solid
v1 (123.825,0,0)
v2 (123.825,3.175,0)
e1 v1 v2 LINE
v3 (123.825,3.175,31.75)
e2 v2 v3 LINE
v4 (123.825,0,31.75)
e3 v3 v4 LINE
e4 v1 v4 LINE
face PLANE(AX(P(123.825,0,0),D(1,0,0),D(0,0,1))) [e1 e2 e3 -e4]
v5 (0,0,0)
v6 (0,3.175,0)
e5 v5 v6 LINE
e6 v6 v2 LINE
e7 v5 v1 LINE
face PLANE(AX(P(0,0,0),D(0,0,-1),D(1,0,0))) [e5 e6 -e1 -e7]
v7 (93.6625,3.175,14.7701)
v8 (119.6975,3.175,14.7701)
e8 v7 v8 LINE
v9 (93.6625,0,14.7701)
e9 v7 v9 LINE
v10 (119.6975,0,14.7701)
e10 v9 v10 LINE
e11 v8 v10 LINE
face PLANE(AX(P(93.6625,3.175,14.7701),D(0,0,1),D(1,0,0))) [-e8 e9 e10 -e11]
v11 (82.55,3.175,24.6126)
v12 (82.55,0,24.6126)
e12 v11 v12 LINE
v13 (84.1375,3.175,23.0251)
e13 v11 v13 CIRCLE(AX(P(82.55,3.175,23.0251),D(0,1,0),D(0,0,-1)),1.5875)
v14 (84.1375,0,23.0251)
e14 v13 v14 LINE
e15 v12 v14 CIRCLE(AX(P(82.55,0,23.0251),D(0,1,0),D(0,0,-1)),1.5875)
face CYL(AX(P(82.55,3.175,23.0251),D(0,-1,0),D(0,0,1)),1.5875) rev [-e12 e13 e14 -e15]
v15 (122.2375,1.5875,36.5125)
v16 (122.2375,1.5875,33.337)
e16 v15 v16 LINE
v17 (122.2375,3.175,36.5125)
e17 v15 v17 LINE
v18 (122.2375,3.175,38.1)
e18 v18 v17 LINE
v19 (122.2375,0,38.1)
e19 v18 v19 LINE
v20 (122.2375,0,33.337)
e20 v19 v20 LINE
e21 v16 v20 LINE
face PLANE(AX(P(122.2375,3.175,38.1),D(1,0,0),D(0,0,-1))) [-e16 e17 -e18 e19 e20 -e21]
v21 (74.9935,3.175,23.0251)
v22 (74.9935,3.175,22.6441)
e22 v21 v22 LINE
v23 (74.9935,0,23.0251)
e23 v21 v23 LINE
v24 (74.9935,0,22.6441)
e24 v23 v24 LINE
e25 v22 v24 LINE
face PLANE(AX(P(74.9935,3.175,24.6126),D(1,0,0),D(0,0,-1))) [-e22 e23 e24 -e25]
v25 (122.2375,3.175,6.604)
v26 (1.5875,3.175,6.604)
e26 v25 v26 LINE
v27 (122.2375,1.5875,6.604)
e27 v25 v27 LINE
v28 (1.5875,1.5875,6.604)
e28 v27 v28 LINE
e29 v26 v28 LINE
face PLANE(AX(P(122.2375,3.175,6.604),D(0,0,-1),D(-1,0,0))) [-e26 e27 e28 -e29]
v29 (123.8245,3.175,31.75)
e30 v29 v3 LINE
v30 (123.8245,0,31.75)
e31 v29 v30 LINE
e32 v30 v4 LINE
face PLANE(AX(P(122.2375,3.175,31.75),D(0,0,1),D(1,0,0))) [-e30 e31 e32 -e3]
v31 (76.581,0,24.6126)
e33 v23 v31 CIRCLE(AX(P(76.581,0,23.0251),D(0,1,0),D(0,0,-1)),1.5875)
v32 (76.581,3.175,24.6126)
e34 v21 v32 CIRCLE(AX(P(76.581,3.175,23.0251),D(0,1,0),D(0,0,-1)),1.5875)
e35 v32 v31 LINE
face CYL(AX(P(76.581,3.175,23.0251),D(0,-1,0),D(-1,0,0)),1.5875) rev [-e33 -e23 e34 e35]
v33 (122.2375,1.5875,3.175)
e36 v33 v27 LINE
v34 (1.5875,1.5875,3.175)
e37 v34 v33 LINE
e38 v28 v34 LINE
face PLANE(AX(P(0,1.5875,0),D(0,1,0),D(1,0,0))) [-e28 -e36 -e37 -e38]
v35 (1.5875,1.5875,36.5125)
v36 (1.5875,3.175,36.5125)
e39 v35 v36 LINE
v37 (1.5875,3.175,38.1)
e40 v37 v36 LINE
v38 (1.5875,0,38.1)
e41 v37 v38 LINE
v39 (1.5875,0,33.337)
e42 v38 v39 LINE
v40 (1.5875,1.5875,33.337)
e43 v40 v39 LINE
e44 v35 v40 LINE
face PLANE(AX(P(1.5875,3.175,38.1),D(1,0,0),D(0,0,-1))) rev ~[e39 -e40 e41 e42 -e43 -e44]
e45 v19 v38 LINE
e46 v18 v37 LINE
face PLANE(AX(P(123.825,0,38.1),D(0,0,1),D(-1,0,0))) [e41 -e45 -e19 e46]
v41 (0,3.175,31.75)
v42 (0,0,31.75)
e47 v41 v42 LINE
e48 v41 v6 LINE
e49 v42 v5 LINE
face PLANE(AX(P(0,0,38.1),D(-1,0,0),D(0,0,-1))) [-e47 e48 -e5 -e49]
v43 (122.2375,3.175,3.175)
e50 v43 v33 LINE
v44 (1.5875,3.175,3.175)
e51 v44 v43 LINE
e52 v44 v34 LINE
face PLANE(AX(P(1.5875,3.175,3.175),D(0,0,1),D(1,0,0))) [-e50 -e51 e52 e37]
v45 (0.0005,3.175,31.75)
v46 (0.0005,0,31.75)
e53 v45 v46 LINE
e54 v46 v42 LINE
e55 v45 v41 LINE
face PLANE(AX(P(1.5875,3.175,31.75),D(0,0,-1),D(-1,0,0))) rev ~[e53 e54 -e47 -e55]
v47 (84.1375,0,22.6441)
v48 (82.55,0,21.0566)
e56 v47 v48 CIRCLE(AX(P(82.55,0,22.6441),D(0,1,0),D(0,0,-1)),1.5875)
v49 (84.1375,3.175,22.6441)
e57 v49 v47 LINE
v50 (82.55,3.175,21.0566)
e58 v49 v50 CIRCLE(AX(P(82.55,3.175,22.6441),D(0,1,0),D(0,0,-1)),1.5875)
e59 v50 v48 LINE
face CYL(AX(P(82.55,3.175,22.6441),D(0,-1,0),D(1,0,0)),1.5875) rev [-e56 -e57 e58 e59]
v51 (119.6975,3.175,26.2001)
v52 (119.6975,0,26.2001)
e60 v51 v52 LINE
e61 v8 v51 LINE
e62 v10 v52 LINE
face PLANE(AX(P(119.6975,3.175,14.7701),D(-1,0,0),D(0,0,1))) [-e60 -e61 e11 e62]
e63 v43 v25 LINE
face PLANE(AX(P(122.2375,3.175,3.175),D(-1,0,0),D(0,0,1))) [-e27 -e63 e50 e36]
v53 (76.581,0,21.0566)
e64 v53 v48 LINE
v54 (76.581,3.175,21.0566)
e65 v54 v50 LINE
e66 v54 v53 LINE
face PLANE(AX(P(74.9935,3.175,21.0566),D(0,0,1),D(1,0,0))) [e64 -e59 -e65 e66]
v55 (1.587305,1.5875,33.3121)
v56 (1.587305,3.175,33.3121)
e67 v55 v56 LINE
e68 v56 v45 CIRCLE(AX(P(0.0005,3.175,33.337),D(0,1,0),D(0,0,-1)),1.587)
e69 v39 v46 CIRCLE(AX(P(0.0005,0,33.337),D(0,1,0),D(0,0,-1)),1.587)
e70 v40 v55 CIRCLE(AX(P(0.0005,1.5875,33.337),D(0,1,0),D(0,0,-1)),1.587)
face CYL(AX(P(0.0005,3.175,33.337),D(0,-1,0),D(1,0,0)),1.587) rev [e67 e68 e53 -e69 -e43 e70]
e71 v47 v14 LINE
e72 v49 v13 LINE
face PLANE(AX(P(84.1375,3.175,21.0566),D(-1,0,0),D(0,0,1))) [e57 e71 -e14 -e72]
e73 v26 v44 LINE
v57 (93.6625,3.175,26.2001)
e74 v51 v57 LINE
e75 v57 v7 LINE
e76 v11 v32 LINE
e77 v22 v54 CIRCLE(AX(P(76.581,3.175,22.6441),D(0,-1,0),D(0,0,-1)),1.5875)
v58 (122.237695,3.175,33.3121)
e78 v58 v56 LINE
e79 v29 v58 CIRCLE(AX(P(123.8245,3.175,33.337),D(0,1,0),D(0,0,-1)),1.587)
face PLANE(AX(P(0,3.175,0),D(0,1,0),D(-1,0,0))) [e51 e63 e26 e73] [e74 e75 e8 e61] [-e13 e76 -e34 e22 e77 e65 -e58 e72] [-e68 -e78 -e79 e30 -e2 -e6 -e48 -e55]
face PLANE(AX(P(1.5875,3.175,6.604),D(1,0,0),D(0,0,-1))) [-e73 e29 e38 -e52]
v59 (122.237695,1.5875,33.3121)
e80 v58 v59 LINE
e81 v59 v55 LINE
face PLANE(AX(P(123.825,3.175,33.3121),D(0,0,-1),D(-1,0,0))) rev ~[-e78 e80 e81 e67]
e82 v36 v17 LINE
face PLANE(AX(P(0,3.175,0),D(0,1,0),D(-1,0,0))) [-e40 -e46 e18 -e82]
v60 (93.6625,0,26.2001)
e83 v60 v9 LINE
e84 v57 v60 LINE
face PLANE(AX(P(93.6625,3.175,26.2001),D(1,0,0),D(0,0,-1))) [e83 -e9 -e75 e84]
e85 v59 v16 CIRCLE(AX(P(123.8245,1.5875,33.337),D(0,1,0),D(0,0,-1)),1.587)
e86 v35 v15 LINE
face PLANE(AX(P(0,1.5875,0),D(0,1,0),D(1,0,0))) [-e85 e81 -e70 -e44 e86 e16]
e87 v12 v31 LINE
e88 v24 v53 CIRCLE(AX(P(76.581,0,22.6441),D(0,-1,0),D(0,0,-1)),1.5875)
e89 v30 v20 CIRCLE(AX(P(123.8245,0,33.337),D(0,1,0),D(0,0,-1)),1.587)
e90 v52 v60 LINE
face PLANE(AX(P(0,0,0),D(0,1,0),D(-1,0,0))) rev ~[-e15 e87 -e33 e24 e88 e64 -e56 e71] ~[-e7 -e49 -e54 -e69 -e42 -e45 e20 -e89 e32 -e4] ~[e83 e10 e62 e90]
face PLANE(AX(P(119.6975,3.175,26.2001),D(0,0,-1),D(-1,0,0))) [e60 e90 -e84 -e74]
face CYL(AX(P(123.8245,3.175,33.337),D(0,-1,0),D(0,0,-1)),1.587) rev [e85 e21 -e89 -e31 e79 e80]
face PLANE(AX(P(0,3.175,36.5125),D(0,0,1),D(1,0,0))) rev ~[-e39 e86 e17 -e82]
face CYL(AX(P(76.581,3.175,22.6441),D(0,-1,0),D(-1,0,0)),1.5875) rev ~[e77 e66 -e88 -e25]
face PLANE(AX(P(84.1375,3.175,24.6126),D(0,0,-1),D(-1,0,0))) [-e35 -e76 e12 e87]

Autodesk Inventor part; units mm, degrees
ref_plane "YZ Plane" through (0, 0, 0) normal (1, 0, 0) x (0, 1, 0)
ref_plane "XZ Plane" through (0, 0, 0) normal (0, 1, 0) x (-1, 0, 0)
ref_plane "XY Plane" through (0, 0, 0) normal (0, 0, 1) x (1, 0, 0)
sketch "Sketch1" plane through (0, 0, 0) normal (0, 1, 0) x (-1, 0, 0)
  line L0 (0, 0) -> (-123.825, 0)
  line L1 (-123.825, 0) -> (-123.825, 38.1)
  line L2 (-123.825, 38.1) -> (0, 38.1)
  line L3 (0, 38.1) -> (0, 0)
  dimension "d0" = 123.825
  dimension "d1" = 38.1
extrude "Extrusion1" add sketch "Sketch1" along normal blind 3.175
sketch "Sketch2" plane through (0, 3.175, 0) normal (0, 1, 0) x (1, 0, 0)
  line L0 (123.825, 0) -> (0, 0) projected
  line L1 (0, 0) -> (0, -38.1) projected
  line L2 (0, -38.1) -> (123.825, -38.1) projected
  line L3 (123.825, -38.1) -> (123.825, 0) projected
  line L4 (0, -36.5125) -> (123.825, -36.5125)
  line L5 (123.825, -36.5125) -> (123.825, -33.3121)
  line L6 (123.825, -33.3121) -> (0, -33.3121)
  line L7 (0, -33.3121) -> (0, -36.5125)
  line L8 (1.5875, -3.175) -> (122.2375, -3.175)
  line L9 (122.2375, -3.175) -> (122.2375, -6.604)
  line L10 (122.2375, -6.604) -> (1.5875, -6.604)
  line L11 (1.5875, -6.604) -> (1.5875, -3.175)
  dimension "d6" = 3.2004
  dimension "d7" = 1.5875
  dimension "d10" = 3.175
  dimension "d11" = 3.429
  dimension "d12" = 1.5875
  dimension "d13" = 1.5875
extrude "Extrusion2" cut sketch "Sketch2" against normal blind 1.5875 contours L3 L4 L1 L6
sketch "Sketch3" plane through (0, 3.175, 0) normal (0, 1, 0) x (1, 0, 0)
  line L0 (123.825, -33.3121) -> (123.825, 0) projected
  line L1 (123.825, 0) -> (0, 0) projected
  line L2 (0, 0) -> (0, -33.3121) projected
  line L3 (1.5875, -3.175) -> (122.2375, -3.175)
  line L4 (122.2375, -3.175) -> (122.2375, -6.604)
  line L5 (122.2375, -6.604) -> (1.5875, -6.604)
  line L6 (1.5875, -6.604) -> (1.5875, -3.175)
  dimension "d14" = 1.5875
  dimension "d15" = 1.5875
  dimension "d16" = 3.175
  dimension "d17" = 3.429
extrude "Extrusion3" cut sketch "Sketch3" against normal blind 1.5875
sketch "Sketch4" plane through (0, 3.175, 0) normal (0, 1, 0) x (1, 0, 0)
  line L0 (0, -38.1) -> (1.5875, -38.1)
  line L1 (1.5875, -38.1) -> (1.5875, -31.75)
  line L2 (1.5875, -31.75) -> (0, -31.75)
  line L3 (0, -31.75) -> (0, -38.1)
  line L4 (123.825, -38.1) -> (122.2375, -38.1)
  line L5 (122.2375, -38.1) -> (122.2375, -31.75)
  line L6 (122.2375, -31.75) -> (123.825, -31.75)
  line L7 (123.825, -31.75) -> (123.825, -38.1)
  point P0 (0, 0)
  dimension "d20" = 1.5875
  dimension "d21" = 6.35
  dimension "d22" = 6.35
  dimension "d23" = 1.5875
extrude "Extrusion4" cut sketch "Sketch4" against normal blind 25.4
fillet "Fillet1" radius 1.5875 1 edges at (122.2375, 1.5875, 31.75)
fillet "Fillet2" radius 1.5875 1 edges at (1.5875, 1.5875, 31.75)
sketch "Sketch5" plane through (0, 3.175, 0) normal (0, 1, 0) x (1, 0, 0)
  line L0 (1.5873, -33.3121) -> (122.2377, -33.3121) projected
  line L1 (74.9935, -21.0566) -> (84.1375, -21.0566)
  line L2 (84.1375, -21.0566) -> (84.1375, -24.6126)
  line L3 (84.1375, -24.6126) -> (74.9935, -24.6126)
  line L4 (74.9935, -24.6126) -> (74.9935, -21.0566)
  line L5 (122.2375, -36.5125) -> (122.2375, -33.3375) projected
  dimension "d28" = 8.6995
  dimension "d29" = 3.556
  dimension "d30" = 9.144
  dimension "d44" = 38.1
extrude "Extrusion5" cut sketch "Sketch5" against normal blind 25.4
fillet "Fillet3" radius 1.5875 4 edges at (74.9935, 1.5875, 21.0566) (84.1375, 1.5875, 21.0566) (84.1375, 1.5875, 24.6126) (74.9935, 1.5875, 24.6126)
sketch "Sketch6" plane through (0, 3.175, 0) normal (0, 1, 0) x (1, 0, 0)
  line L0 (1.5873, -33.3121) -> (122.2377, -33.3121) projected
  line L1 (93.6625, -14.7701) -> (119.6975, -14.7701)
  line L2 (119.6975, -14.7701) -> (119.6975, -26.2001)
  line L3 (119.6975, -26.2001) -> (93.6625, -26.2001)
  line L4 (93.6625, -26.2001) -> (93.6625, -14.7701)
  line L5 (122.2375, -36.5125) -> (122.2375, -33.3375) projected
  dimension "d35" = 26.035
  dimension "d36" = 11.43
  dimension "d41" = 7.112
  dimension "d43" = 2.54
extrude "Extrusion6" cut sketch "Sketch6" against normal blind 25.4
properties part number "Electronics Container Part 4"
